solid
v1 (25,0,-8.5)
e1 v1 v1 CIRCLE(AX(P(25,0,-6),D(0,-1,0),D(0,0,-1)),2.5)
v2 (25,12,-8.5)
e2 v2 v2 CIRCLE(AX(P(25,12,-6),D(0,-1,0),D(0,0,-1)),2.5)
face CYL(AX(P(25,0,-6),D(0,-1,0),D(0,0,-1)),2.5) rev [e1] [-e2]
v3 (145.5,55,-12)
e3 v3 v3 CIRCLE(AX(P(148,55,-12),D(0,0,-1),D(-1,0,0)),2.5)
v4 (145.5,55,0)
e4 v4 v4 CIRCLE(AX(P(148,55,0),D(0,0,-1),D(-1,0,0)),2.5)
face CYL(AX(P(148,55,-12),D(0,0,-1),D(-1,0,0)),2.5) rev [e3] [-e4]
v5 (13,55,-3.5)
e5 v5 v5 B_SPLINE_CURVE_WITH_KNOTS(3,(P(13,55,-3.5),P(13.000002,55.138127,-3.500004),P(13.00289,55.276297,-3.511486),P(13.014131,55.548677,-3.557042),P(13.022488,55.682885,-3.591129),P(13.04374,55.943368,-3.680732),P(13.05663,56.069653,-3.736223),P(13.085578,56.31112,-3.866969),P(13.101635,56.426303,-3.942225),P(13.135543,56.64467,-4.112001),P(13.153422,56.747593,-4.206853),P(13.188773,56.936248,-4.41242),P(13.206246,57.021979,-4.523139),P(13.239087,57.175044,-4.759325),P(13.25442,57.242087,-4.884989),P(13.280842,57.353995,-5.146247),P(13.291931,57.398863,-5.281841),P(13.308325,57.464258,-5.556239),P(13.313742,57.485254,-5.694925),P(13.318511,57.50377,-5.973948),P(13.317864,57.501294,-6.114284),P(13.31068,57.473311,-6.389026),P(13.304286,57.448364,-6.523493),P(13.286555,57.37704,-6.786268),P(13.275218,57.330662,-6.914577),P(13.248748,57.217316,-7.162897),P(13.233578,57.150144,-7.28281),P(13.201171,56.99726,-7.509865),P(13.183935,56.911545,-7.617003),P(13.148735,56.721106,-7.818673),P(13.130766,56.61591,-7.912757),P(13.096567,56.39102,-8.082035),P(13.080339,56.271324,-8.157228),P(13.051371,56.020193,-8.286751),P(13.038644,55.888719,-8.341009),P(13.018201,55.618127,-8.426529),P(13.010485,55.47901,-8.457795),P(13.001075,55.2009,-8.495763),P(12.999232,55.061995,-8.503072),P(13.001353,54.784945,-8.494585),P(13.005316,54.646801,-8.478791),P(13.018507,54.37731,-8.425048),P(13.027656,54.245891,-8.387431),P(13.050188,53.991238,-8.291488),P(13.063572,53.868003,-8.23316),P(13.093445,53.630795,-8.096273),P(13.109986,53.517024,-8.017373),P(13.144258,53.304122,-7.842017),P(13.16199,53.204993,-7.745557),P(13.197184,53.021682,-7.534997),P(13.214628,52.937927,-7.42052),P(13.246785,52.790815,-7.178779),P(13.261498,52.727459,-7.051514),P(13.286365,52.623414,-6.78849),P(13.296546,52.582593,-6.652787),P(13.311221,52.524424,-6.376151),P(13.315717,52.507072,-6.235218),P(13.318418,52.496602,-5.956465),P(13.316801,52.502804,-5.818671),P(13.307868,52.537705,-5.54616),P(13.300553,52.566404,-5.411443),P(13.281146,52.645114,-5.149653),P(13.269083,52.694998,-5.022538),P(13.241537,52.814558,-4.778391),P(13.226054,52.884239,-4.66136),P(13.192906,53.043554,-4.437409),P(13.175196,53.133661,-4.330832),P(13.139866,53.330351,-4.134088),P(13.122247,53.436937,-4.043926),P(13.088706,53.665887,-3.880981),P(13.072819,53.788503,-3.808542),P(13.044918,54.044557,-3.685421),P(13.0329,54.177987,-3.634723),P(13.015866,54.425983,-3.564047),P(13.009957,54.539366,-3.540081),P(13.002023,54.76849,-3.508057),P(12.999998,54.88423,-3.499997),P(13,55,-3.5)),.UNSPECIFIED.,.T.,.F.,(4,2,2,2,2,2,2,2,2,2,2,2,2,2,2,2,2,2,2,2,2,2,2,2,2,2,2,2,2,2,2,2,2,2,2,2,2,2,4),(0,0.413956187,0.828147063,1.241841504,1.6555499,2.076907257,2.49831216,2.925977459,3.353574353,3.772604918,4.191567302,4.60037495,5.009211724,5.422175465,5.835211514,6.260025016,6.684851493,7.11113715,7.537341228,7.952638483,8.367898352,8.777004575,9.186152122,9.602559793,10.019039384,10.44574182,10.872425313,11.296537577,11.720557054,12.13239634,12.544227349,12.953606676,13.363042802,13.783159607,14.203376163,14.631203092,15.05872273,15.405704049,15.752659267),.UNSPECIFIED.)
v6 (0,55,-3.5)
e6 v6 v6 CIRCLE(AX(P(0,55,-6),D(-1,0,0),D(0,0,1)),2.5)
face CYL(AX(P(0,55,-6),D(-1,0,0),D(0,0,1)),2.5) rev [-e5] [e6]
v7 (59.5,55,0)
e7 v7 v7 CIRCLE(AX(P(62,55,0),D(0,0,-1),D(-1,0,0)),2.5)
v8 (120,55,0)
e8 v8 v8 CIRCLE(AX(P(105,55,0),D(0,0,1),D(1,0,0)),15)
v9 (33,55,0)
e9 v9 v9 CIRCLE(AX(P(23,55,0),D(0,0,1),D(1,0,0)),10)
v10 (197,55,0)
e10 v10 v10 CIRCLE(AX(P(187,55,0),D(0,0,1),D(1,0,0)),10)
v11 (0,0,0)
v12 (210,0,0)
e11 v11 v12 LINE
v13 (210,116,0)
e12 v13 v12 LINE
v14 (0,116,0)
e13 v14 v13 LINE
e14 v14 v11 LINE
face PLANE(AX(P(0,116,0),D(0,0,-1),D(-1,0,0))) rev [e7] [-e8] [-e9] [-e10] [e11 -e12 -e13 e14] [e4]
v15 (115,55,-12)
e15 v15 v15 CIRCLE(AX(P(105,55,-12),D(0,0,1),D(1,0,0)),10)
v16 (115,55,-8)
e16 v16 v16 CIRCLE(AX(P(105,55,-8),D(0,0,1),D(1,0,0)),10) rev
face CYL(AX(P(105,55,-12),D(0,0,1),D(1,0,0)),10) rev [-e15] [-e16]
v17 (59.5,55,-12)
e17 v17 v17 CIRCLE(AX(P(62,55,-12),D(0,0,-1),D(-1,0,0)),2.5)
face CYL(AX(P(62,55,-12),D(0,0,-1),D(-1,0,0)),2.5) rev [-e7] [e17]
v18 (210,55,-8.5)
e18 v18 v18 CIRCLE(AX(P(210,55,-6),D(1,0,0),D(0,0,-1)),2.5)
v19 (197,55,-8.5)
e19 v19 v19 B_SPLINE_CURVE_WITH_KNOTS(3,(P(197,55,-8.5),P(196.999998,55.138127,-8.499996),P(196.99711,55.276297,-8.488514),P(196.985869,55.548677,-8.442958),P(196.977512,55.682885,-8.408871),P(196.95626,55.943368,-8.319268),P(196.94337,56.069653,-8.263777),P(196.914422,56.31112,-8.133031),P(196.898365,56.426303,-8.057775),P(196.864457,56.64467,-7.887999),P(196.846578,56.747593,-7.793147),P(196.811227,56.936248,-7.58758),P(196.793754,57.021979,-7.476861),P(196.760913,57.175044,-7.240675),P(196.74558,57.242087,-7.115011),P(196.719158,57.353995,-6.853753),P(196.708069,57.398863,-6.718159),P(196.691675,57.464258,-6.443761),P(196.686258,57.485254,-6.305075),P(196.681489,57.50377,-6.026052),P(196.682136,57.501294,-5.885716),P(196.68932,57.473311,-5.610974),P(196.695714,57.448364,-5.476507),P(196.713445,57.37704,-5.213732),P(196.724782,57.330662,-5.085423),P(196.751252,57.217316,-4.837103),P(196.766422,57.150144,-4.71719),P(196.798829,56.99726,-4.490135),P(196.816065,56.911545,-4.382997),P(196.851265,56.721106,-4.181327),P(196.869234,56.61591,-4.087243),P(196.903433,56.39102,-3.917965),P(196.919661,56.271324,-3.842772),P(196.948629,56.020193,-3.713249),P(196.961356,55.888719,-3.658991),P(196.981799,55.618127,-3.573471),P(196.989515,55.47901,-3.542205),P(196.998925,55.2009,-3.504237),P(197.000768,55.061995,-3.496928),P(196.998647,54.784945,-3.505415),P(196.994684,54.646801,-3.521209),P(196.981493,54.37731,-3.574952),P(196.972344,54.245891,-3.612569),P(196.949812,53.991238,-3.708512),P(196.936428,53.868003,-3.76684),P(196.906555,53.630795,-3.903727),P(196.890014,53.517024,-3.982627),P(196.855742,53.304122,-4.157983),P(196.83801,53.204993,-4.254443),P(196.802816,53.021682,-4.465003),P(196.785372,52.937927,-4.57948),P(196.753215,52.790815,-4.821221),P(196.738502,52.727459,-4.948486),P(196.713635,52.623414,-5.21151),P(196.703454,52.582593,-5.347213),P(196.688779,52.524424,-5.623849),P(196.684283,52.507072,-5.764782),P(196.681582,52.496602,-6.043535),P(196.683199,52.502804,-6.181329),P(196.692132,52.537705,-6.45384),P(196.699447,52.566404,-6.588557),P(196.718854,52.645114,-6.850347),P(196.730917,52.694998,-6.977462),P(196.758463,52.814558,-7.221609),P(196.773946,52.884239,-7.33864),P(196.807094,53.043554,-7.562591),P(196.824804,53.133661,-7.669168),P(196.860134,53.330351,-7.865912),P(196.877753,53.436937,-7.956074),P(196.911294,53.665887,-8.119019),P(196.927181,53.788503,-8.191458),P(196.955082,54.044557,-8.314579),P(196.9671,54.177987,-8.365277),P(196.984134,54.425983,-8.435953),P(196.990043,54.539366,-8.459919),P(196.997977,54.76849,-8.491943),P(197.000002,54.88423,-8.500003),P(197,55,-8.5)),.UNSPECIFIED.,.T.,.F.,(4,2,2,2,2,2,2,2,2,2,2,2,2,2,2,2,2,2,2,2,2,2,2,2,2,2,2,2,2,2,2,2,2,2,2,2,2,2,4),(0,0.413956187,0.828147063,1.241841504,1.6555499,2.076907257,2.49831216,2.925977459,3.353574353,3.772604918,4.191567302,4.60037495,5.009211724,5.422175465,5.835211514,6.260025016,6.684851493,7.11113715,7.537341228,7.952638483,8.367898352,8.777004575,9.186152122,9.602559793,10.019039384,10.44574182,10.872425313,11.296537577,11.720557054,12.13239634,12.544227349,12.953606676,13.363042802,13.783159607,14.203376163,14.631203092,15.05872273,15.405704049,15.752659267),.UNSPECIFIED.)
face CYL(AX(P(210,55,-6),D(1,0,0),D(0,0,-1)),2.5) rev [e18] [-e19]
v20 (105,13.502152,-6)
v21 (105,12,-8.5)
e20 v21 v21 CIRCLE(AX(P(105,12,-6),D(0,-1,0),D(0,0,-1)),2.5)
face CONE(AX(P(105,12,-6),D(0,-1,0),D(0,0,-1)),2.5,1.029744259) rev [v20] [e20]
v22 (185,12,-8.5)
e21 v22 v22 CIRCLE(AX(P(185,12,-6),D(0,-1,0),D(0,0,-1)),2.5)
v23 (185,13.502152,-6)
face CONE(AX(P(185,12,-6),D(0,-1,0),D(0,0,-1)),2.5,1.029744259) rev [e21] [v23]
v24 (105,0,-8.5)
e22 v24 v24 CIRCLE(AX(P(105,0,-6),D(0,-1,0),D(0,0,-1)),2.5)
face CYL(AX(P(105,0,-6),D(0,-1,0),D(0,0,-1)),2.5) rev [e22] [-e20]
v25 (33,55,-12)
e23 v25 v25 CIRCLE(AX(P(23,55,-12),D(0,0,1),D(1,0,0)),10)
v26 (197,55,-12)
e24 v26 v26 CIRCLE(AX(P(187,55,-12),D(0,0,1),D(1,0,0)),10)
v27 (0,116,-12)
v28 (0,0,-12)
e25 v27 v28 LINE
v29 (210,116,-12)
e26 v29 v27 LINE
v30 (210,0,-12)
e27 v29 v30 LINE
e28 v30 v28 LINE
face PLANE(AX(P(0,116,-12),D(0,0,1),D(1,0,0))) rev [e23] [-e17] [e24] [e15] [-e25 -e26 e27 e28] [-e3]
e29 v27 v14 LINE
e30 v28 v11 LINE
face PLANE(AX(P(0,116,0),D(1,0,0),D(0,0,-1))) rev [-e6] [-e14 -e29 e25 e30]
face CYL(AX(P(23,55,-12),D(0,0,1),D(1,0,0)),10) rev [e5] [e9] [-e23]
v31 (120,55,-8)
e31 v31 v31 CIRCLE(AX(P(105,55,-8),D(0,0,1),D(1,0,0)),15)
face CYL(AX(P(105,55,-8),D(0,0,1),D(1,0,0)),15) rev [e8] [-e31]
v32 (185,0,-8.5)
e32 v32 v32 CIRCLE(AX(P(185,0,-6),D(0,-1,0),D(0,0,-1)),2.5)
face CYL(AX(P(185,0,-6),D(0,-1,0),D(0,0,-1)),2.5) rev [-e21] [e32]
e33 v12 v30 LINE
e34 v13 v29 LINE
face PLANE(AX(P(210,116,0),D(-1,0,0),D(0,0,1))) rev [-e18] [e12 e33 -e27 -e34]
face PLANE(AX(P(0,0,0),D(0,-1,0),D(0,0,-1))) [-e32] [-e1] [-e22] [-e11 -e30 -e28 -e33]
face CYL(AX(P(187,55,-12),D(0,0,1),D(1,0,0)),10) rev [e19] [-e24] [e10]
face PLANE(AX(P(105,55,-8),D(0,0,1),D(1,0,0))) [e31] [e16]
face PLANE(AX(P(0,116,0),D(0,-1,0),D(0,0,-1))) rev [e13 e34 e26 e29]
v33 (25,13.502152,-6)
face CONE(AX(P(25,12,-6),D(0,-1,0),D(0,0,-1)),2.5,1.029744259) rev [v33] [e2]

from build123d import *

# Parameters (mm, degrees)
SKETCH1_W                 = 210
SKETCH1_H                 = 12
BOSS_EXTRUDE1_DEPTH       = 116
SKETCH2_R                 = 10
CUT_EXTRUDE1_DEPTH        = 13
F_5_0MM_DOWEL_HOLE1_D     = 5
F_5_0MM_DOWEL_HOLE1_DEPTH = 25
F_5_0MM_DOWEL_HOLE1_TIP   = 1.502151548
F_5_0MM_DOWEL_HOLE2_D     = 5
F_5_0MM_DOWEL_HOLE2_DEPTH = 25
F_5_0MM_DOWEL_HOLE2_TIP   = 1.502151548
SKETCH7_R                 = 10
CUT_EXTRUDE2_DEPTH        = 13.0000001
SKETCH8_R                 = 15
CUT_EXTRUDE3_DEPTH        = 8
F_5_0MM_DOWEL_HOLE3_D     = 5
F_5_0MM_DOWEL_HOLE3_DEPTH = 12
F_5_0MM_DOWEL_HOLE3_TIP   = 1.502151548
F_5_0MM_DOWEL_HOLE4_D     = 5
F_5_0MM_DOWEL_HOLE4_DEPTH = 25
F_5_0MM_DOWEL_HOLE4_TIP   = 1.502151548


with BuildPart() as part:
    # Sketch1 → Boss-Extrude1 (new body)
    with BuildSketch(Plane(origin=(0, 0, 0), x_dir=(1, 0, 0), z_dir=(0, 1, 0))):
        with Locations((105, 6)):
            Rectangle(SKETCH1_W, SKETCH1_H)
    extrude(amount=BOSS_EXTRUDE1_DEPTH)

    # Sketch2 → Cut-Extrude1 (cut, through all)
    with BuildSketch(Plane.XY):
        with Locations((23, 55)):
            Circle(SKETCH2_R)
        with Locations((187, 55)):
            Circle(SKETCH2_R)
    extrude(amount=-CUT_EXTRUDE1_DEPTH, mode=Mode.SUBTRACT)

    # Ø5.0mm Dowel Hole1
    with Locations(Plane.ZY):
        with Locations((-6, 55)):
            Hole(F_5_0MM_DOWEL_HOLE1_D / 2, depth=F_5_0MM_DOWEL_HOLE1_DEPTH)
            with Locations((0, 0, -(F_5_0MM_DOWEL_HOLE1_DEPTH + F_5_0MM_DOWEL_HOLE1_TIP / 2))):  # 118° drill point
                Cone(0, F_5_0MM_DOWEL_HOLE1_D / 2, F_5_0MM_DOWEL_HOLE1_TIP, mode=Mode.SUBTRACT)

    # Ø5.0mm Dowel Hole2
    with Locations(Plane(origin=(210, 0, 0), x_dir=(0, 0, -1), z_dir=(1, 0, 0))):
        with Locations((6, 55)):
            Hole(F_5_0MM_DOWEL_HOLE2_D / 2, depth=F_5_0MM_DOWEL_HOLE2_DEPTH)
            with Locations((0, 0, -(F_5_0MM_DOWEL_HOLE2_DEPTH + F_5_0MM_DOWEL_HOLE2_TIP / 2))):  # 118° drill point
                Cone(0, F_5_0MM_DOWEL_HOLE2_D / 2, F_5_0MM_DOWEL_HOLE2_TIP, mode=Mode.SUBTRACT)

    # Sketch7 → Cut-Extrude2 (cut, through all)
    with BuildSketch(Plane.XY):
        with Locations((105, 55)):
            Circle(SKETCH7_R)
    extrude(amount=-CUT_EXTRUDE2_DEPTH, mode=Mode.SUBTRACT)

    # Sketch8 → Cut-Extrude3 (cut)
    with BuildSketch(Plane.XY):
        with Locations((105, 55)):
            Circle(SKETCH8_R)
    extrude(amount=-CUT_EXTRUDE3_DEPTH, mode=Mode.SUBTRACT)

    # Ø5.0mm Dowel Hole3
    with Locations(Plane(origin=(0, 0, 0), x_dir=(-1, 0, 0), z_dir=(0, -1, 0))):
        with Locations((-25, 6), (-105, 6), (-185, 6)):
            Hole(F_5_0MM_DOWEL_HOLE3_D / 2, depth=F_5_0MM_DOWEL_HOLE3_DEPTH)
            with Locations((0, 0, -(F_5_0MM_DOWEL_HOLE3_DEPTH + F_5_0MM_DOWEL_HOLE3_TIP / 2))):  # 118° drill point
                Cone(0, F_5_0MM_DOWEL_HOLE3_D / 2, F_5_0MM_DOWEL_HOLE3_TIP, mode=Mode.SUBTRACT)

    # Ø5.0mm Dowel Hole4
    with Locations(Plane(origin=(0, 0, -12), x_dir=(-1, 0, 0), z_dir=(0, 0, -1))):
        with Locations((-148, 55), (-62, 55)):
            Hole(F_5_0MM_DOWEL_HOLE4_D / 2, depth=F_5_0MM_DOWEL_HOLE4_DEPTH)
            with Locations((0, 0, -(F_5_0MM_DOWEL_HOLE4_DEPTH + F_5_0MM_DOWEL_HOLE4_TIP / 2))):  # 118° drill point
                Cone(0, F_5_0MM_DOWEL_HOLE4_D / 2, F_5_0MM_DOWEL_HOLE4_TIP, mode=Mode.SUBTRACT)


solid = part.part
